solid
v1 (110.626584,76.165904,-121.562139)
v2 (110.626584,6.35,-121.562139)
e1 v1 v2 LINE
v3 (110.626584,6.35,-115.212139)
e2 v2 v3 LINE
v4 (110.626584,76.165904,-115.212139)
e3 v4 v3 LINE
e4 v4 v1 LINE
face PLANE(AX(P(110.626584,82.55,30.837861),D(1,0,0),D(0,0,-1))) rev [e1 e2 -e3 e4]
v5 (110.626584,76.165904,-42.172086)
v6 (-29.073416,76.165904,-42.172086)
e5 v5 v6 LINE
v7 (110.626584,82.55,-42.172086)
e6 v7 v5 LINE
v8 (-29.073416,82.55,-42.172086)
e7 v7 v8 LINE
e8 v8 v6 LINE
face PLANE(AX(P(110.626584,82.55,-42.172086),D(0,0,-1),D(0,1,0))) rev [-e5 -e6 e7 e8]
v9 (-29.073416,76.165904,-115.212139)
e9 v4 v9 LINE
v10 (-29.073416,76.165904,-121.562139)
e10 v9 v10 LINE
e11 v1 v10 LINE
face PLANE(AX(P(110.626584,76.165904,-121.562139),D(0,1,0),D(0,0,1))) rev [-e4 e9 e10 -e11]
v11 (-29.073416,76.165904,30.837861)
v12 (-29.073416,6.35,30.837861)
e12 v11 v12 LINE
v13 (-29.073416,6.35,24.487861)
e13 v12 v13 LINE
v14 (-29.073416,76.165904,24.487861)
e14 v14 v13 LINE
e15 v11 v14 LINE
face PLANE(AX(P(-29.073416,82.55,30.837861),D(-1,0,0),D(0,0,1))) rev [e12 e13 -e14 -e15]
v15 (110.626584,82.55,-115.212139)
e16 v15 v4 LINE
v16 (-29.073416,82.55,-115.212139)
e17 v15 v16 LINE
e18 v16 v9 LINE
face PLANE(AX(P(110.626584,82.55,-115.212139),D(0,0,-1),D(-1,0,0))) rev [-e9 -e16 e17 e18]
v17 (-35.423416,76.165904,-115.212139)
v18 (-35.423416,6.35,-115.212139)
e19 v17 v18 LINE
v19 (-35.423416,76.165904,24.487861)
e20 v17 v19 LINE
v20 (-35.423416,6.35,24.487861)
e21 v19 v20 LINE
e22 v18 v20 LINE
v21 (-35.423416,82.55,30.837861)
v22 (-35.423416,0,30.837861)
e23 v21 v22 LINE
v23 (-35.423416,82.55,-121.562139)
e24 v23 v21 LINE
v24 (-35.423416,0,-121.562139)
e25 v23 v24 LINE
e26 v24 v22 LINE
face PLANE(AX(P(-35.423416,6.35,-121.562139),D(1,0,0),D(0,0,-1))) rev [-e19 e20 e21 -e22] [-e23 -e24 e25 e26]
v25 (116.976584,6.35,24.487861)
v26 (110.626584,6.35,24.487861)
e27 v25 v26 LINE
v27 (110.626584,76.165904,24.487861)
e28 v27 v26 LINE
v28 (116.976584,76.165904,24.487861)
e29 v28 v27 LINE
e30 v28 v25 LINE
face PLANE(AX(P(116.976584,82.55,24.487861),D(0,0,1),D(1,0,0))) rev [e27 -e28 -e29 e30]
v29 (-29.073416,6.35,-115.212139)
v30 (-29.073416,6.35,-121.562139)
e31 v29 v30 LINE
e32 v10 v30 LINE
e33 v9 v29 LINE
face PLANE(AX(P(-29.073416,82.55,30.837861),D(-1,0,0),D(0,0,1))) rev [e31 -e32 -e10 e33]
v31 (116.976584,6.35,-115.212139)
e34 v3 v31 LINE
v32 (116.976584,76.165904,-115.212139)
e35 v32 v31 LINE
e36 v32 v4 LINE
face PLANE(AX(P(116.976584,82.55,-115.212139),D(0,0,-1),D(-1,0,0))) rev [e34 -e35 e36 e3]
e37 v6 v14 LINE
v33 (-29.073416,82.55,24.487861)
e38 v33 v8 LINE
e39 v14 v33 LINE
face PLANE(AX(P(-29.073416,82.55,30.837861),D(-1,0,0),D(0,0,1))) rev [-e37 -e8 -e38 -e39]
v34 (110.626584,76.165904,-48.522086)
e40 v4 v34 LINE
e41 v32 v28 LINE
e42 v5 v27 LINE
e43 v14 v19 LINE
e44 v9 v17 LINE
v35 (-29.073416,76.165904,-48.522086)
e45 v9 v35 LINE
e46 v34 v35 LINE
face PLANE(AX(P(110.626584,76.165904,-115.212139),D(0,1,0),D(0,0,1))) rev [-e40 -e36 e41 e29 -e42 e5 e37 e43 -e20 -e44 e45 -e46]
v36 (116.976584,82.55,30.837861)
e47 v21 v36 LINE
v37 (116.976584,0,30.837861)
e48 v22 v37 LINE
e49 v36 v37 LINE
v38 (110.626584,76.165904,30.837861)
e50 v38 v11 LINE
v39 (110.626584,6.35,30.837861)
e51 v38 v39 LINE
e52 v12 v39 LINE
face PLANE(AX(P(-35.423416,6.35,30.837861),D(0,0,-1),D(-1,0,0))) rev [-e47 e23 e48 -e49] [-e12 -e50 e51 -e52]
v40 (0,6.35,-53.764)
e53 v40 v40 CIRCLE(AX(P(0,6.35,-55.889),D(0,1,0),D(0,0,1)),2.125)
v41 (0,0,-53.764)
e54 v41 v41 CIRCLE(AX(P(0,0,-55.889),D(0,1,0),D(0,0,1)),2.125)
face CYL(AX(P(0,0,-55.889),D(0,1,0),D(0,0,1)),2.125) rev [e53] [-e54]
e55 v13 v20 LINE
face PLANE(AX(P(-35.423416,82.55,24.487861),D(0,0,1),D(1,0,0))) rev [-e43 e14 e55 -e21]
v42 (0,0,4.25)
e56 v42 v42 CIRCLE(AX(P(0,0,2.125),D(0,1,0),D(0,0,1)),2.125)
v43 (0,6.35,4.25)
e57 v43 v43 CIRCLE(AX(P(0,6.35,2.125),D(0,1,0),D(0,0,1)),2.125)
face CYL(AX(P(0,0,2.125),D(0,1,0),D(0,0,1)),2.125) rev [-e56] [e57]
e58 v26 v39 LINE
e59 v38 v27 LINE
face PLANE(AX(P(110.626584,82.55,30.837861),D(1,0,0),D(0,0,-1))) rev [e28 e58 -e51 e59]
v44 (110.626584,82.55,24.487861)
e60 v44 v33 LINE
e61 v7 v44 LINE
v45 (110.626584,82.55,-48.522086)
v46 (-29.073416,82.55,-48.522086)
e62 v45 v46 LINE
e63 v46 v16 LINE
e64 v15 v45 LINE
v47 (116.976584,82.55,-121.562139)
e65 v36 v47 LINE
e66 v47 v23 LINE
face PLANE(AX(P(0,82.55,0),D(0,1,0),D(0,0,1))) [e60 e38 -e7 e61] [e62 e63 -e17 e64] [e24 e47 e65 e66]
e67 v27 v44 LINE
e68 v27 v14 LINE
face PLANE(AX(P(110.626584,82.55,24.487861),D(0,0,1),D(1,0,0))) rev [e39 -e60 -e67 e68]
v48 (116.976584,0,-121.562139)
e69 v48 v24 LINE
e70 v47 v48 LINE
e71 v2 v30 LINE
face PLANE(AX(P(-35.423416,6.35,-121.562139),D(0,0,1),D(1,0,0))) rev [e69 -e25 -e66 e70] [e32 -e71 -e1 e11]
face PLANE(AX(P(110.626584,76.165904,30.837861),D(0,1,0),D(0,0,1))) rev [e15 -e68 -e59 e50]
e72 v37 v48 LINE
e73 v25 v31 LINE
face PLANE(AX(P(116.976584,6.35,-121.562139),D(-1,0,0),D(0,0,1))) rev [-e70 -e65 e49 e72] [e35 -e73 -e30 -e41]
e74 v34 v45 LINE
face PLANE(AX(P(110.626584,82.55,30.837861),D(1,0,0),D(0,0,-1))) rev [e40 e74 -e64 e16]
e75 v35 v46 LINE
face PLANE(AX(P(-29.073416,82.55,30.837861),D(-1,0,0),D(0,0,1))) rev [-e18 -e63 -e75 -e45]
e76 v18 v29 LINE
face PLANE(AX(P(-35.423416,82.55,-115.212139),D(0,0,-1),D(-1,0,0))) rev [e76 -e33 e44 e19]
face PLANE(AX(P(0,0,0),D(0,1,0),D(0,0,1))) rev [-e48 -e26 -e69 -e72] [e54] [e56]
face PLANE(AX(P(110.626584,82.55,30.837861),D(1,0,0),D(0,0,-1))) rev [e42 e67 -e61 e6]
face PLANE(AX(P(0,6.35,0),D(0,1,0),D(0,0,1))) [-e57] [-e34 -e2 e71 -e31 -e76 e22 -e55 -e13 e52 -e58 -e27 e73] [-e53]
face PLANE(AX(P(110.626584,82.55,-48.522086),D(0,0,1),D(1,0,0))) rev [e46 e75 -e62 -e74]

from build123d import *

# Parameters (mm, degrees)
SKETCH1_W           = 152.4
SKETCH1_H           = 152.4
BOSS_EXTRUDE1_DEPTH = 6.35
SKETCH2_R           = 2.125
CUT_EXTRUDE1_DEPTH  = 6.35
SKETCH3_W           = 6.35
SKETCH3_H           = 6.35
BOSS_EXTRUDE2_DEPTH = 76.2
SKETCH4_W           = 6.35
SKETCH4_H           = 6.384095646
BOSS_EXTRUDE3_DEPTH = 139.7
SKETCH5_W           = 6.35
SKETCH5_H           = 6.384095646
BOSS_EXTRUDE4_DEPTH = 139.7
SKETCH6_W           = 6.35
SKETCH6_H           = 6.384095646
BOSS_EXTRUDE5_DEPTH = 139.7


with BuildPart() as part:
    # Sketch1 → Boss-Extrude1 (new body)
    with BuildSketch(Plane(origin=(0, 0, 0), x_dir=(1, 0, 0), z_dir=(0, 1, 0))):
        with Locations((40.776583963, 45.362139437)):
            Rectangle(SKETCH1_W, SKETCH1_H)
    extrude(amount=BOSS_EXTRUDE1_DEPTH)

    # Sketch2 → Cut-Extrude1 (cut)
    with BuildSketch(Plane(origin=(0, 6.35, 0), x_dir=(1, 0, 0), z_dir=(0, 1, 0))):
        with Locations((0, -2.125)):
            Circle(SKETCH2_R)
        with Locations((0, 55.889)):
            Circle(SKETCH2_R)
    extrude(amount=-CUT_EXTRUDE1_DEPTH, mode=Mode.SUBTRACT)

    # Sketch3 → Boss-Extrude2 (add)
    with BuildSketch(Plane(origin=(0, 6.35, 0), x_dir=(1, 0, 0), z_dir=(0, 1, 0))):
        with Locations((113.801583963, -27.662860563)):
            Rectangle(SKETCH3_W, SKETCH3_H)
        with Locations((-32.248416037, -27.662860563)):
            Rectangle(SKETCH3_W, SKETCH3_H)
        with Locations((-32.248416037, 118.387139437)):
            Rectangle(SKETCH3_W, SKETCH3_H)
        with Locations((113.801583963, 118.387139437)):
            Rectangle(SKETCH3_W, SKETCH3_H)
    extrude(amount=BOSS_EXTRUDE2_DEPTH)

    # Sketch4 → Boss-Extrude3 (add)
    with BuildSketch(Plane(origin=(0, 0, 24.487860563), x_dir=(-1, 0, 0), z_dir=(0, 0, -1))):
        with Locations((-113.801583963, 79.357952177)):
            Rectangle(SKETCH4_W, SKETCH4_H)
        with Locations((32.248416037, 79.357952177)):
            Rectangle(SKETCH4_W, SKETCH4_H)
    extrude(amount=BOSS_EXTRUDE3_DEPTH)

    # Sketch5 → Boss-Extrude4 (add)
    with BuildSketch(Plane(origin=(-29.073416037, 0, 0), x_dir=(0, 0, -1), z_dir=(1, 0, 0))):
        with Locations((-27.662860563, 79.357952177)):
            Rectangle(SKETCH5_W, SKETCH5_H)
        with Locations((118.387139437, 79.357952177)):
            Rectangle(SKETCH5_W, SKETCH5_H)
    extrude(amount=BOSS_EXTRUDE4_DEPTH)

    # Sketch6 → Boss-Extrude5 (add)
    with BuildSketch(Plane(origin=(-29.073416037, 0, 0), x_dir=(0, 0, -1), z_dir=(1, 0, 0))):
        with Locations((45.347085843, 79.357952177)):
            Rectangle(SKETCH6_W, SKETCH6_H)
    extrude(amount=BOSS_EXTRUDE5_DEPTH)


solid = part.part
